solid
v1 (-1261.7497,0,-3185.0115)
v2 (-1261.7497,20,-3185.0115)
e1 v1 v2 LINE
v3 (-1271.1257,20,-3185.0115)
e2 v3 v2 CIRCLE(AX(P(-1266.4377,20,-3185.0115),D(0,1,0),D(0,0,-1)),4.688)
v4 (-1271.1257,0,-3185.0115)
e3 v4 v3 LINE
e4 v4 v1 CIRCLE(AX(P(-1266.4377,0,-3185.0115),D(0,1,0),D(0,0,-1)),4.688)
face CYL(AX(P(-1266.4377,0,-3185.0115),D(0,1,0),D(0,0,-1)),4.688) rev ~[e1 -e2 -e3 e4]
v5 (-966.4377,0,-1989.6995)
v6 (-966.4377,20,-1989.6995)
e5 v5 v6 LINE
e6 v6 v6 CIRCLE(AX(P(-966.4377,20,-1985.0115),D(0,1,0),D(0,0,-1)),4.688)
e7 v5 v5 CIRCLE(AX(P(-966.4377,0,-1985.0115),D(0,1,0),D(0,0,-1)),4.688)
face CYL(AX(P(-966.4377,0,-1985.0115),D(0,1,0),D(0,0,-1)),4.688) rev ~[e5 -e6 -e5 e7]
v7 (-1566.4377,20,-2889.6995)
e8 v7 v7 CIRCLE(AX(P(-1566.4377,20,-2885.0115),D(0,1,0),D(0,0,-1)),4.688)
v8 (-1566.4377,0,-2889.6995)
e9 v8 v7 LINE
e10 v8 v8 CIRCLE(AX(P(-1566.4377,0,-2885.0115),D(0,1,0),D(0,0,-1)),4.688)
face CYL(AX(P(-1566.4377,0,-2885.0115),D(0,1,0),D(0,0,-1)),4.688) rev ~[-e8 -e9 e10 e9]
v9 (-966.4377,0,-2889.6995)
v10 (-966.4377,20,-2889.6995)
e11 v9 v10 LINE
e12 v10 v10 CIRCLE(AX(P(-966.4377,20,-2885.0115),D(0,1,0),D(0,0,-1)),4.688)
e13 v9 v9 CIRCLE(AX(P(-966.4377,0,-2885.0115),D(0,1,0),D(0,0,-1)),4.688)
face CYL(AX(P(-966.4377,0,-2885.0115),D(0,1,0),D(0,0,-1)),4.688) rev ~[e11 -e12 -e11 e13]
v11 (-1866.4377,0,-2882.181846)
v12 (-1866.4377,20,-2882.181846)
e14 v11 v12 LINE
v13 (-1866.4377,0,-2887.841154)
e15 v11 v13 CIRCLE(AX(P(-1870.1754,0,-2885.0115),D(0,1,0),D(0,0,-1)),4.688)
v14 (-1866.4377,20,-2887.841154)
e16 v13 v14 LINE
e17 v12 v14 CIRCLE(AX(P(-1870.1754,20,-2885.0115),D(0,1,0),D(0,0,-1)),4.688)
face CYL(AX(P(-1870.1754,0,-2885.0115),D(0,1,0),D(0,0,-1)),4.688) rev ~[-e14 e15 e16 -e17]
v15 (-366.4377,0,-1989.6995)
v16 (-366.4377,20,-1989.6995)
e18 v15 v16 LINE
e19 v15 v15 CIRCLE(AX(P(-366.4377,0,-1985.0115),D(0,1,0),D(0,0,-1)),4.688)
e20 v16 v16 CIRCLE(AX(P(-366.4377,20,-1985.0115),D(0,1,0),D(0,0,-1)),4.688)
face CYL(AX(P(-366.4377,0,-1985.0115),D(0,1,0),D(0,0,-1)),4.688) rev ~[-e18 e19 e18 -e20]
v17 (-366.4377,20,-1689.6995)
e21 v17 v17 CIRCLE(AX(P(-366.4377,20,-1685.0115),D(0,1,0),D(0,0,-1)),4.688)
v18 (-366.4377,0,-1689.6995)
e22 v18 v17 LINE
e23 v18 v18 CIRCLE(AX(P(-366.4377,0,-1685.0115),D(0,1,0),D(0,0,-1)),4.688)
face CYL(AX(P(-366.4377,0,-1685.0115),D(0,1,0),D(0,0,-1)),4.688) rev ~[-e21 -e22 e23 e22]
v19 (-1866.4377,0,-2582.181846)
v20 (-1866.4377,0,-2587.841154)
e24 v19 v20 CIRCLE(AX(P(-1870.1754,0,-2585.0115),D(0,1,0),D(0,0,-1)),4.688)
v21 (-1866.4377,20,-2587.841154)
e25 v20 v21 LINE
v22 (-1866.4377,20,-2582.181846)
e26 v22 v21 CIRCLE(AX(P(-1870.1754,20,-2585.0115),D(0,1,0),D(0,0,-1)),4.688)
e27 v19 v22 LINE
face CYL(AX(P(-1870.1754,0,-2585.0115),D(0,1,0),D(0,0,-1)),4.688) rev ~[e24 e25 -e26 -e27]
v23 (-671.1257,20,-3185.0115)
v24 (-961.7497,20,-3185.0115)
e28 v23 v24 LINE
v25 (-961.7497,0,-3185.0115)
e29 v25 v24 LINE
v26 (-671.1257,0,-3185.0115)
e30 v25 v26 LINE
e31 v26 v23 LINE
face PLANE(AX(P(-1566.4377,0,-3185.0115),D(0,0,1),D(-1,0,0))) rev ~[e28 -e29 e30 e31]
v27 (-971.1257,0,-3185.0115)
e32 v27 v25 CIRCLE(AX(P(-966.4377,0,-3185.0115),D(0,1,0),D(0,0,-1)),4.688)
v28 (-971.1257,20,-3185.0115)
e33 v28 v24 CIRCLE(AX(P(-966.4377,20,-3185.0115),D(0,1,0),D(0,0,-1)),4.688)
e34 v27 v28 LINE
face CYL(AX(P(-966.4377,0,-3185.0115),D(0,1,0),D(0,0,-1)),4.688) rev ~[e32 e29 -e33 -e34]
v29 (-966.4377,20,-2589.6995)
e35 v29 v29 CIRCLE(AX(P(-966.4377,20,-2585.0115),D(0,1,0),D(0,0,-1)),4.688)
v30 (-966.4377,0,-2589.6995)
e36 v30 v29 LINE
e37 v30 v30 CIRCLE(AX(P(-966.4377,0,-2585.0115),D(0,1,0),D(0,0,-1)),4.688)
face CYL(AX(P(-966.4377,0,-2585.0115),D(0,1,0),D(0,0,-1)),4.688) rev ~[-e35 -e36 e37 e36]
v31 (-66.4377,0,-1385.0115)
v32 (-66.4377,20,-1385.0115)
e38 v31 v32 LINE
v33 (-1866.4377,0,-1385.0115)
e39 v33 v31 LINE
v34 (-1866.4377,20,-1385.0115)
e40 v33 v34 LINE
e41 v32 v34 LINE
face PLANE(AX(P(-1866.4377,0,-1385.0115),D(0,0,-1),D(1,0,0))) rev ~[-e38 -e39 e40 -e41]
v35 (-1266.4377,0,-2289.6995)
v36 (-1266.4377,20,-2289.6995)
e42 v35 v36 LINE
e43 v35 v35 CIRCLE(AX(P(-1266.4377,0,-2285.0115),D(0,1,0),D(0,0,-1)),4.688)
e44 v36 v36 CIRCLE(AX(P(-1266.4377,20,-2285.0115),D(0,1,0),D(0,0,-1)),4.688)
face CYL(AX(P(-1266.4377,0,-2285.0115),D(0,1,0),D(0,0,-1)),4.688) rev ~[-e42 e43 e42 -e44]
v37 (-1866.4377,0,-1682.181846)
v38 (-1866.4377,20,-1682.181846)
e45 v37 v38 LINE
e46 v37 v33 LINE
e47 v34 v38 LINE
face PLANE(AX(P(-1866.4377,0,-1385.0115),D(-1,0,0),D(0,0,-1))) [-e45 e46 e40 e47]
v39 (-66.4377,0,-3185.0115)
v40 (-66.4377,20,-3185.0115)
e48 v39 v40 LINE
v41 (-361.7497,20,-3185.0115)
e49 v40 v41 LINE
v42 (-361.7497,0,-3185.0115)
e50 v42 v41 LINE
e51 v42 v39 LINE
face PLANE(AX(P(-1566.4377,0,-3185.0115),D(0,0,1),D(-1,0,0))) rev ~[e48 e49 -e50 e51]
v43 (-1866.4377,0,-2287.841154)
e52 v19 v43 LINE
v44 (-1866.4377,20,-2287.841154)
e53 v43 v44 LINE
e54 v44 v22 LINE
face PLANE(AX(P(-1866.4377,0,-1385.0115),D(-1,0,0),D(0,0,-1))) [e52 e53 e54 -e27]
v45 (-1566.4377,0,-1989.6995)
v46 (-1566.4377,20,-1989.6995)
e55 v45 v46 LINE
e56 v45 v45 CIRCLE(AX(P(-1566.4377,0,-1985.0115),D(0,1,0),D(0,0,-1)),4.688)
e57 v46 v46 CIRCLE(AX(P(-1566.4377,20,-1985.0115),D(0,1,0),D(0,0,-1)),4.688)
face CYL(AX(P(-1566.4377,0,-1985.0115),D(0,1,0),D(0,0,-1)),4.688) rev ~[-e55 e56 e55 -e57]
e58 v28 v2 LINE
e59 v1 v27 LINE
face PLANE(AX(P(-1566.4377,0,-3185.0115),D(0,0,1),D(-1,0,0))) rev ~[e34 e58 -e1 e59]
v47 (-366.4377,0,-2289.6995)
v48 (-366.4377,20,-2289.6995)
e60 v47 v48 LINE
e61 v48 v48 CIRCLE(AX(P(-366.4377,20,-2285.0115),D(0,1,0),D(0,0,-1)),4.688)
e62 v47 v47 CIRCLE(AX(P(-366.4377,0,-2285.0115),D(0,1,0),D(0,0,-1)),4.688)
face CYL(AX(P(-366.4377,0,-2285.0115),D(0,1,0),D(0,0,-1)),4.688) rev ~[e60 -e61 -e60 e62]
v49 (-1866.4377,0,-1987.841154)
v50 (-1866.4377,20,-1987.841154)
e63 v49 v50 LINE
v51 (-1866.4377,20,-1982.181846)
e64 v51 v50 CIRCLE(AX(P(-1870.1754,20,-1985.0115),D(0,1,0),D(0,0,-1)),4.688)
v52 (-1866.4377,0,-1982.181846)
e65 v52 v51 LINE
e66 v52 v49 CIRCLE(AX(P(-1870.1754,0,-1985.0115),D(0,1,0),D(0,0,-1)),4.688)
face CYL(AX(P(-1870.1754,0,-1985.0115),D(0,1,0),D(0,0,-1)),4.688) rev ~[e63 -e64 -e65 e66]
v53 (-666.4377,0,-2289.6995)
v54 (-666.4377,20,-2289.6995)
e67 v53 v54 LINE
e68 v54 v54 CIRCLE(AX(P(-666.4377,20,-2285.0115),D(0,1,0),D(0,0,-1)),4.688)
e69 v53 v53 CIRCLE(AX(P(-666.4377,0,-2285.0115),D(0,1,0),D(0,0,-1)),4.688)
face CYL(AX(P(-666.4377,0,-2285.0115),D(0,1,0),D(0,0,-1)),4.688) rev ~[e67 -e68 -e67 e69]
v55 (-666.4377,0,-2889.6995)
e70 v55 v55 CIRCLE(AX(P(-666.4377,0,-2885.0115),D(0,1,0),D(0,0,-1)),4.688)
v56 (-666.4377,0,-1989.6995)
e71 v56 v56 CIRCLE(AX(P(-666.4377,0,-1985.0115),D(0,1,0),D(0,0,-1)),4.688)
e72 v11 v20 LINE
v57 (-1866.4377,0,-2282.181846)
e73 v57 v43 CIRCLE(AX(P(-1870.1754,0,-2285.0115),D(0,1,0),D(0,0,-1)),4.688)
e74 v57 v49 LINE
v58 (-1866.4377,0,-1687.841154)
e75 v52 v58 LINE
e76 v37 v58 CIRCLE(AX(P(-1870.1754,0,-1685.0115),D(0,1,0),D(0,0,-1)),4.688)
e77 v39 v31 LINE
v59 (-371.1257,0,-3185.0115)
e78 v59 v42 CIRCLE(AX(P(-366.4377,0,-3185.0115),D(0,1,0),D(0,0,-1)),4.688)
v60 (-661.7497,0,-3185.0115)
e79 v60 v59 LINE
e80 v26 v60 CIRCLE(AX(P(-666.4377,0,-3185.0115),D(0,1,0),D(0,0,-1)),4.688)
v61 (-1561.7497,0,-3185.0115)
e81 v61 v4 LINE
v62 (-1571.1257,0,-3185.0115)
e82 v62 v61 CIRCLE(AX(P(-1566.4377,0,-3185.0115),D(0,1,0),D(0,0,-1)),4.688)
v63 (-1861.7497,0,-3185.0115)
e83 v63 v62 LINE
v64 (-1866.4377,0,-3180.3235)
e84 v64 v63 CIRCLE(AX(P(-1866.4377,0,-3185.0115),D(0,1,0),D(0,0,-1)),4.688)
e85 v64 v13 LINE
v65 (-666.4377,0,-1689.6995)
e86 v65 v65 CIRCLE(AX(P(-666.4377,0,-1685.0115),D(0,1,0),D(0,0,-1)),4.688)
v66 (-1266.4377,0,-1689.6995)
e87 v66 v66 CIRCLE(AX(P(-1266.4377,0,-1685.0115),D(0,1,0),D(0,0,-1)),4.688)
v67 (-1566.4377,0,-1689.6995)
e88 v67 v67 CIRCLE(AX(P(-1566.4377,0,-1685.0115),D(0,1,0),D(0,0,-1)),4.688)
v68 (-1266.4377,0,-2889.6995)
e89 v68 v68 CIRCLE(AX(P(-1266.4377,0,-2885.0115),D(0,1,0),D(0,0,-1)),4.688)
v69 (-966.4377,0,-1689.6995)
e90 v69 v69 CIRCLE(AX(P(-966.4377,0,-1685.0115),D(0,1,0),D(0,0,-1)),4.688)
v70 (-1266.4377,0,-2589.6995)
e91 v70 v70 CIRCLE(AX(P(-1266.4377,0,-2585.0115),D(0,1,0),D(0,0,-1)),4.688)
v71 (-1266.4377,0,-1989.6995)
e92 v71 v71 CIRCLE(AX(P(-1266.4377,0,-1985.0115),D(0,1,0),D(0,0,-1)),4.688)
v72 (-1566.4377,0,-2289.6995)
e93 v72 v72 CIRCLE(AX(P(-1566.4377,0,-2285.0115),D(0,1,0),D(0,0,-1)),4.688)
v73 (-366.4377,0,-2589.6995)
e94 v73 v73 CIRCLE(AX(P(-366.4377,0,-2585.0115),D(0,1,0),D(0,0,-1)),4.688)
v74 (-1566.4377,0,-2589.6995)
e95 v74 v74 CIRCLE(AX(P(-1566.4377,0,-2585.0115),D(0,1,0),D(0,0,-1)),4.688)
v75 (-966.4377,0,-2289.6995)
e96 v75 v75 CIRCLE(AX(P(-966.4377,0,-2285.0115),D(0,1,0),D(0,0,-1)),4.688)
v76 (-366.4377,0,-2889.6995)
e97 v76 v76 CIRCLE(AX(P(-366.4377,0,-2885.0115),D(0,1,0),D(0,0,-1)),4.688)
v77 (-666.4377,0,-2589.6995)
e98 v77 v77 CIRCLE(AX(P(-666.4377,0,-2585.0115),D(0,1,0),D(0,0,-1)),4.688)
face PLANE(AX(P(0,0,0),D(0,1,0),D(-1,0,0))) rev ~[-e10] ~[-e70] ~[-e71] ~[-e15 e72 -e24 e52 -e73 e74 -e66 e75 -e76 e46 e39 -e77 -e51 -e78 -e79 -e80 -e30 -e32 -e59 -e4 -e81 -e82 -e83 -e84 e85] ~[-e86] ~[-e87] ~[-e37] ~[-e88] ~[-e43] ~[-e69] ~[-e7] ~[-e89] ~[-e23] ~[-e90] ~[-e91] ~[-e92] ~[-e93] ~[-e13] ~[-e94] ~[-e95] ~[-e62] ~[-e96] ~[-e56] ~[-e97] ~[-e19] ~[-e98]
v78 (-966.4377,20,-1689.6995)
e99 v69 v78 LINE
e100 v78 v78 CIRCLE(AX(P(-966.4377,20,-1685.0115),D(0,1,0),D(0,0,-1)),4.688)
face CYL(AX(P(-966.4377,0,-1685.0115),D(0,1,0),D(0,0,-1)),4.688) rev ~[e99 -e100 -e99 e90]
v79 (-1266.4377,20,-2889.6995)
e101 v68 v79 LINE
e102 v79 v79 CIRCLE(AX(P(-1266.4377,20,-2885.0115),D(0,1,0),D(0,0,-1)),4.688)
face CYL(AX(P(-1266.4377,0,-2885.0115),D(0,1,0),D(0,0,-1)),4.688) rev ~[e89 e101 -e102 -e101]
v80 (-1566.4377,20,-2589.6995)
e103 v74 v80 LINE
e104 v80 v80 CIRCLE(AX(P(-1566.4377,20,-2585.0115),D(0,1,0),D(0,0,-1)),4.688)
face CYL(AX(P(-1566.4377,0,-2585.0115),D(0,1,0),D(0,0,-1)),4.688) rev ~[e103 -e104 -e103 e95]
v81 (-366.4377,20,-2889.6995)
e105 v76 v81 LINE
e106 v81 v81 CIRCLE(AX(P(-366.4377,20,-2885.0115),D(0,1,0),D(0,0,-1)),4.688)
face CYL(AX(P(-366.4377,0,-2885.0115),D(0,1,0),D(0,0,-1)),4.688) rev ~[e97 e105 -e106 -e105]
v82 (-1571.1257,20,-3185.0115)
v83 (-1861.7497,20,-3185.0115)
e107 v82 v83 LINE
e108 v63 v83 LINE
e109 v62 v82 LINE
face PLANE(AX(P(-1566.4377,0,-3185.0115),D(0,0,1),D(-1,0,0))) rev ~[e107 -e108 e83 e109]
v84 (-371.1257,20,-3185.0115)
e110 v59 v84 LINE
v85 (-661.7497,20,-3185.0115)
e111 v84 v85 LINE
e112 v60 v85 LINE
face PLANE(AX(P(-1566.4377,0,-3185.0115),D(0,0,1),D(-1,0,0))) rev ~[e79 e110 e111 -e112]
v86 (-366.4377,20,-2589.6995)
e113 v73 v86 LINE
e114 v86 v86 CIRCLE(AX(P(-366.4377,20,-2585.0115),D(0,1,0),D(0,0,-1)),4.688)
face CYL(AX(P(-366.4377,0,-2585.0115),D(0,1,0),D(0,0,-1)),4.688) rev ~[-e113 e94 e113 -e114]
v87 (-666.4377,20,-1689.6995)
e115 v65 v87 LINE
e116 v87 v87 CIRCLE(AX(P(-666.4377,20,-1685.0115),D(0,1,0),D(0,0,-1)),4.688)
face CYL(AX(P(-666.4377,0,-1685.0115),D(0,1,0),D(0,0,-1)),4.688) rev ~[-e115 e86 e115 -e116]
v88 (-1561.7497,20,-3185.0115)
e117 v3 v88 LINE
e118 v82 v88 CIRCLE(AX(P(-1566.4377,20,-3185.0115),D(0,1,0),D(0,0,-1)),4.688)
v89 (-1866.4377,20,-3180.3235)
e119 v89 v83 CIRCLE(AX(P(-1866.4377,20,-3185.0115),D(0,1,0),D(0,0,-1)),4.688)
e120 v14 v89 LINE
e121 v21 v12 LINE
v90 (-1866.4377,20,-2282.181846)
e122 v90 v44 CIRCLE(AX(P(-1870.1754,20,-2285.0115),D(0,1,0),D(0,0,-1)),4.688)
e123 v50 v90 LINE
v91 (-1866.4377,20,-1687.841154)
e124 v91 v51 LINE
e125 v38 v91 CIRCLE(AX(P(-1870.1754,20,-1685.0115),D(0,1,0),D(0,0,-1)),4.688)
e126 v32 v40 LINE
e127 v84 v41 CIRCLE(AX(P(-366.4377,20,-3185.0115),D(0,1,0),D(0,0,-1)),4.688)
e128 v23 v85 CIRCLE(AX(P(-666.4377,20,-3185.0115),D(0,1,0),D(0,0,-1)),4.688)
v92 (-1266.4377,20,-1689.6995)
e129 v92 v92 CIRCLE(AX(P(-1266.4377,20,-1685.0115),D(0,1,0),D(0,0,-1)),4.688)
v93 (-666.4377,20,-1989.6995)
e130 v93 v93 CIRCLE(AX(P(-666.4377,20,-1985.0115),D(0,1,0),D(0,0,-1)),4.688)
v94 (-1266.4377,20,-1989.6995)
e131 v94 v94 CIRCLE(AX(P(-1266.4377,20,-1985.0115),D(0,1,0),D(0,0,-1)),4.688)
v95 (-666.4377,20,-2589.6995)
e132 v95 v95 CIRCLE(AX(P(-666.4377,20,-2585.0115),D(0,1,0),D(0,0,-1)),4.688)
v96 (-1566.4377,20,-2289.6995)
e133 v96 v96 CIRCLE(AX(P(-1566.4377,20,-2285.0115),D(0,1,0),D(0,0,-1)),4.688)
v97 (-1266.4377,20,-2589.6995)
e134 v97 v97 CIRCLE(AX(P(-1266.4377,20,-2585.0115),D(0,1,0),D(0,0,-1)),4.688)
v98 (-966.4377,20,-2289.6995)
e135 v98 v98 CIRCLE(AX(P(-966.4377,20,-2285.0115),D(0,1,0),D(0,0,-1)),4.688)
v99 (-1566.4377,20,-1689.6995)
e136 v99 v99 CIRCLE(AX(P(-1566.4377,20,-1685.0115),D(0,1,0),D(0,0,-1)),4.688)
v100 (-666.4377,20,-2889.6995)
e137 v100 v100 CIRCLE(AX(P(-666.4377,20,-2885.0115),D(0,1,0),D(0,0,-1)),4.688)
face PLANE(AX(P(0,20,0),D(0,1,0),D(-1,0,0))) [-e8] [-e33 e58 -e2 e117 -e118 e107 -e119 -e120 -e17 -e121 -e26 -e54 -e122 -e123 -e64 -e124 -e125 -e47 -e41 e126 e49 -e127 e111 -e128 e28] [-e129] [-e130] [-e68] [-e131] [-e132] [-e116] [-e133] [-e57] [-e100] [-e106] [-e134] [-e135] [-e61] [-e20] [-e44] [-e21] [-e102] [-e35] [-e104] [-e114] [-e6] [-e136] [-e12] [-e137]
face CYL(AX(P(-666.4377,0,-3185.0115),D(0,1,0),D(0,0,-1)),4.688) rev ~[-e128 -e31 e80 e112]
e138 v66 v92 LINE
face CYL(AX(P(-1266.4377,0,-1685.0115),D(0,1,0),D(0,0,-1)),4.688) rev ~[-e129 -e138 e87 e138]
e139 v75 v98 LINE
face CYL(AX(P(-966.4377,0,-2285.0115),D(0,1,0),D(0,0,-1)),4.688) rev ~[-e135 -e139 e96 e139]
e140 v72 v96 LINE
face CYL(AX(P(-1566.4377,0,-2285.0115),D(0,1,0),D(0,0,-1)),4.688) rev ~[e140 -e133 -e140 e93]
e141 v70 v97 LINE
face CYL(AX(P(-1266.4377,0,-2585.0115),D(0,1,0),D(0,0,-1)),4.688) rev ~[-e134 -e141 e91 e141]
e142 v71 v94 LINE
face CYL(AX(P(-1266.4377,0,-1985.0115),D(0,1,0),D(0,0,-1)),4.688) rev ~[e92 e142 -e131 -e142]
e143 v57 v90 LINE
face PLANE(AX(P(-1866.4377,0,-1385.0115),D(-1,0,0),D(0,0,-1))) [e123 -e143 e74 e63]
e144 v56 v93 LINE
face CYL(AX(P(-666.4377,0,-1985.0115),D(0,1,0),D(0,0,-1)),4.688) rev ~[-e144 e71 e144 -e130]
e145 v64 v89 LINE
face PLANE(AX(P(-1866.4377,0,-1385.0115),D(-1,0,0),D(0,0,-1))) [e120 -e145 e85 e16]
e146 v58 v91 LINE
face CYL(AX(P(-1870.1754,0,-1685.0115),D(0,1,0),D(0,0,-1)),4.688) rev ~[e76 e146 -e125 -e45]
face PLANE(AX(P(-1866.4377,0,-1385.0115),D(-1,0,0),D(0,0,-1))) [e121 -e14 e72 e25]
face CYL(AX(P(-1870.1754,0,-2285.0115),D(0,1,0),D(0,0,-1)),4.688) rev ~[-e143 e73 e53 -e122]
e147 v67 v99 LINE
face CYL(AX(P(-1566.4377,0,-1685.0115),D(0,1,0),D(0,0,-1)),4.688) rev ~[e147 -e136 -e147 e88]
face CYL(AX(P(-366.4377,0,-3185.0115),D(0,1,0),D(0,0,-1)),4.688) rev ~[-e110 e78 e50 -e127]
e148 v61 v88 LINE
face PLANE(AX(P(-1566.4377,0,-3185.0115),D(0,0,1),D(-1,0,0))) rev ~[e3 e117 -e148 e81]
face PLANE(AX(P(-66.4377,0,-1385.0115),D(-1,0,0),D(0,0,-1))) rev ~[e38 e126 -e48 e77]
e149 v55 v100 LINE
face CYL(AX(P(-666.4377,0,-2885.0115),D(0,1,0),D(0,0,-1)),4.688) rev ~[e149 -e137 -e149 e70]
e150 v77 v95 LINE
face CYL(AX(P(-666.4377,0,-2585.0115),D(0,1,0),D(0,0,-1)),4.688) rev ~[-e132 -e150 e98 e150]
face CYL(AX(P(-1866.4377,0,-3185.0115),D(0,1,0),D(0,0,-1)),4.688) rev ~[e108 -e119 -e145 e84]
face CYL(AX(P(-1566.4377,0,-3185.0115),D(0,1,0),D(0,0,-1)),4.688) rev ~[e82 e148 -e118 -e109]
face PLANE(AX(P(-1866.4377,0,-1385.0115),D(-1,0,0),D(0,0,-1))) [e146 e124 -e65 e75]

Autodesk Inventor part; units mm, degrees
ref_plane "YZ Plane" through (0, 0, 0) normal (1, 0, 0) x (0, 1, 0)
ref_plane "XZ Plane" through (0, 0, 0) normal (0, 1, 0) x (-1, 0, 0)
ref_plane "XY Plane" through (0, 0, 0) normal (0, 0, 1) x (1, 0, 0)
sketch "Skizze1" plane through (0, 0, 0) normal (0, 1, 0) x (-1, 0, 0)
  line L0 (1866.4377, -1385.0115) -> (66.4377, -1385.0115)
  line L1 (66.4377, -1385.0115) -> (66.4377, -3185.0115)
  line L2 (366.4377, -1385.0115) -> (366.4377, -3185.0115)
  line L3 (666.4377, -3185.0115) -> (666.4377, -1385.0115)
  line L4 (966.4377, -1385.0115) -> (966.4377, -3185.0115)
  line L5 (1266.4377, -3185.0115) -> (1266.4377, -1385.0115)
  line L6 (1566.4377, -1385.0115) -> (1566.4377, -3185.0115)
  line L7 (66.4377, -1685.0115) -> (1866.4377, -1685.0115)
  line L8 (66.4377, -1985.0115) -> (1866.4377, -1985.0115)
  line L9 (66.4377, -2285.0115) -> (1866.4377, -2285.0115)
  line L10 (66.4377, -2585.0115) -> (1866.4377, -2585.0115)
  line L11 (66.4377, -2885.0115) -> (1866.4377, -2885.0115)
  line L12 (66.4377, -3185.0115) -> (1866.4377, -3185.0115)
  line L13 (1866.4377, -1385.0115) -> (1866.4377, -3185.0115)
  point P0 (0, 0)
  point P1 (1870.1754, -1685.0115)
  point P2 (1566.4377, -1685.0115)
  point P3 (1266.4377, -1685.0115)
  point P4 (966.4377, -1685.0115)
  point P5 (666.4377, -1685.0115)
  point P6 (366.4377, -1685.0115)
  point P7 (366.4377, -1985.0115)
  point P8 (666.4377, -1985.0115)
  point P9 (966.4377, -1985.0115)
  point P10 (1266.4377, -1985.0115)
  point P11 (1566.4377, -1985.0115)
  point P12 (1870.1754, -1985.0115)
  point P13 (1870.1754, -2285.0115)
  point P14 (1566.4377, -2285.0115)
  point P15 (1266.4377, -2285.0115)
  point P16 (966.4377, -2285.0115)
  point P17 (666.4377, -2285.0115)
  point P18 (366.4377, -2285.0115)
  point P19 (366.4377, -2585.0115)
  point P20 (666.4377, -2585.0115)
  point P21 (966.4377, -2585.0115)
  point P22 (1266.4377, -2585.0115)
  point P23 (1566.4377, -2585.0115)
  point P24 (1870.1754, -2585.0115)
  point P25 (1870.1754, -2885.0115)
  point P26 (1566.4377, -2885.0115)
  point P27 (1266.4377, -3185.0115)
  point P28 (1266.4377, -2885.0115)
  point P29 (966.4377, -2885.0115)
  point P30 (966.4377, -3185.0115)
  point P31 (666.4377, -3185.0115)
  point P32 (666.4377, -2885.0115)
  point P33 (366.4377, -2885.0115)
  point P34 (366.4377, -3185.0115)
  point P35 (1866.4377, -3185.0115)
  dimension "d0" = 1800
  dimension "d2" = 300
  dimension "d3" = 300
  dimension "d4" = 300
  dimension "d5" = 300
  dimension "d6" = 300
  dimension "d8" = 300
  dimension "d9" = 300
  dimension "d10" = 300
  dimension "d11" = 300
  dimension "d12" = 300
  dimension "d32" = 1800
  dimension "d33" = 1800
  dimension "d34" = 1800
  dimension "d35" = 1800
  dimension "d36" = 1800
  dimension "d37" = 1800
  dimension "d38" = 1800
  dimension "d39" = 1800
  dimension "d40" = 1800
  dimension "d41" = 1800
  dimension "d42" = 1800
  dimension "d43" = 1800
  dimension "d44" = 300
  dimension "d45" = 300
extrude "Extrusion3" add sketch "Skizze1" along normal blind 20
hole "Bohrung3" at (-1870.1754, 0, -1685.0115) at (-1566.4377, 0, -1685.0115) at (-1266.4377, 0, -1685.0115) at (-966.4377, 0, -1685.0115) at (-666.4377, 0, -1685.0115) at (-366.4377, 0, -1685.0115) at (-366.4377, 0, -1985.0115) at (-666.4377, 0, -1985.0115) at (-966.4377, 0, -1985.0115) at (-1266.4377, 0, -1985.0115) at (-1566.4377, 0, -1985.0115) at (-1870.1754, 0, -1985.0115) at (-1870.1754, 0, -2285.0115) at (-1566.4377, 0, -2285.0115) at (-1266.4377, 0, -2285.0115) at (-966.4377, 0, -2285.0115) at (-666.4377, 0, -2285.0115) at (-366.4377, 0, -2285.0115) at (-366.4377, 0, -2585.0115) at (-666.4377, 0, -2585.0115) at (-966.4377, 0, -2585.0115) at (-1266.4377, 0, -2585.0115) at (-1566.4377, 0, -2585.0115) at (-1870.1754, 0, -2585.0115) at (-1870.1754, 0, -2885.0115) at (-1566.4377, 0, -2885.0115) at (-1566.4377, 0, -3185.0115) at (-1266.4377, 0, -3185.0115) at (-1266.4377, 0, -2885.0115) at (-966.4377, 0, -2885.0115) at (-966.4377, 0, -3185.0115) at (-666.4377, 0, -3185.0115) at (-666.4377, 0, -2885.0115) at (-366.4377, 0, -2885.0115) at (-366.4377, 0, -3185.0115) at (-1866.4377, 0, -3185.0115) direction (0, 1, 0) diameter 9.376 end through all thread size "M11x1.5" class "6H" standard "ANSI Metric M Profile"
properties part number "Bodenplatte_korrigiert"
